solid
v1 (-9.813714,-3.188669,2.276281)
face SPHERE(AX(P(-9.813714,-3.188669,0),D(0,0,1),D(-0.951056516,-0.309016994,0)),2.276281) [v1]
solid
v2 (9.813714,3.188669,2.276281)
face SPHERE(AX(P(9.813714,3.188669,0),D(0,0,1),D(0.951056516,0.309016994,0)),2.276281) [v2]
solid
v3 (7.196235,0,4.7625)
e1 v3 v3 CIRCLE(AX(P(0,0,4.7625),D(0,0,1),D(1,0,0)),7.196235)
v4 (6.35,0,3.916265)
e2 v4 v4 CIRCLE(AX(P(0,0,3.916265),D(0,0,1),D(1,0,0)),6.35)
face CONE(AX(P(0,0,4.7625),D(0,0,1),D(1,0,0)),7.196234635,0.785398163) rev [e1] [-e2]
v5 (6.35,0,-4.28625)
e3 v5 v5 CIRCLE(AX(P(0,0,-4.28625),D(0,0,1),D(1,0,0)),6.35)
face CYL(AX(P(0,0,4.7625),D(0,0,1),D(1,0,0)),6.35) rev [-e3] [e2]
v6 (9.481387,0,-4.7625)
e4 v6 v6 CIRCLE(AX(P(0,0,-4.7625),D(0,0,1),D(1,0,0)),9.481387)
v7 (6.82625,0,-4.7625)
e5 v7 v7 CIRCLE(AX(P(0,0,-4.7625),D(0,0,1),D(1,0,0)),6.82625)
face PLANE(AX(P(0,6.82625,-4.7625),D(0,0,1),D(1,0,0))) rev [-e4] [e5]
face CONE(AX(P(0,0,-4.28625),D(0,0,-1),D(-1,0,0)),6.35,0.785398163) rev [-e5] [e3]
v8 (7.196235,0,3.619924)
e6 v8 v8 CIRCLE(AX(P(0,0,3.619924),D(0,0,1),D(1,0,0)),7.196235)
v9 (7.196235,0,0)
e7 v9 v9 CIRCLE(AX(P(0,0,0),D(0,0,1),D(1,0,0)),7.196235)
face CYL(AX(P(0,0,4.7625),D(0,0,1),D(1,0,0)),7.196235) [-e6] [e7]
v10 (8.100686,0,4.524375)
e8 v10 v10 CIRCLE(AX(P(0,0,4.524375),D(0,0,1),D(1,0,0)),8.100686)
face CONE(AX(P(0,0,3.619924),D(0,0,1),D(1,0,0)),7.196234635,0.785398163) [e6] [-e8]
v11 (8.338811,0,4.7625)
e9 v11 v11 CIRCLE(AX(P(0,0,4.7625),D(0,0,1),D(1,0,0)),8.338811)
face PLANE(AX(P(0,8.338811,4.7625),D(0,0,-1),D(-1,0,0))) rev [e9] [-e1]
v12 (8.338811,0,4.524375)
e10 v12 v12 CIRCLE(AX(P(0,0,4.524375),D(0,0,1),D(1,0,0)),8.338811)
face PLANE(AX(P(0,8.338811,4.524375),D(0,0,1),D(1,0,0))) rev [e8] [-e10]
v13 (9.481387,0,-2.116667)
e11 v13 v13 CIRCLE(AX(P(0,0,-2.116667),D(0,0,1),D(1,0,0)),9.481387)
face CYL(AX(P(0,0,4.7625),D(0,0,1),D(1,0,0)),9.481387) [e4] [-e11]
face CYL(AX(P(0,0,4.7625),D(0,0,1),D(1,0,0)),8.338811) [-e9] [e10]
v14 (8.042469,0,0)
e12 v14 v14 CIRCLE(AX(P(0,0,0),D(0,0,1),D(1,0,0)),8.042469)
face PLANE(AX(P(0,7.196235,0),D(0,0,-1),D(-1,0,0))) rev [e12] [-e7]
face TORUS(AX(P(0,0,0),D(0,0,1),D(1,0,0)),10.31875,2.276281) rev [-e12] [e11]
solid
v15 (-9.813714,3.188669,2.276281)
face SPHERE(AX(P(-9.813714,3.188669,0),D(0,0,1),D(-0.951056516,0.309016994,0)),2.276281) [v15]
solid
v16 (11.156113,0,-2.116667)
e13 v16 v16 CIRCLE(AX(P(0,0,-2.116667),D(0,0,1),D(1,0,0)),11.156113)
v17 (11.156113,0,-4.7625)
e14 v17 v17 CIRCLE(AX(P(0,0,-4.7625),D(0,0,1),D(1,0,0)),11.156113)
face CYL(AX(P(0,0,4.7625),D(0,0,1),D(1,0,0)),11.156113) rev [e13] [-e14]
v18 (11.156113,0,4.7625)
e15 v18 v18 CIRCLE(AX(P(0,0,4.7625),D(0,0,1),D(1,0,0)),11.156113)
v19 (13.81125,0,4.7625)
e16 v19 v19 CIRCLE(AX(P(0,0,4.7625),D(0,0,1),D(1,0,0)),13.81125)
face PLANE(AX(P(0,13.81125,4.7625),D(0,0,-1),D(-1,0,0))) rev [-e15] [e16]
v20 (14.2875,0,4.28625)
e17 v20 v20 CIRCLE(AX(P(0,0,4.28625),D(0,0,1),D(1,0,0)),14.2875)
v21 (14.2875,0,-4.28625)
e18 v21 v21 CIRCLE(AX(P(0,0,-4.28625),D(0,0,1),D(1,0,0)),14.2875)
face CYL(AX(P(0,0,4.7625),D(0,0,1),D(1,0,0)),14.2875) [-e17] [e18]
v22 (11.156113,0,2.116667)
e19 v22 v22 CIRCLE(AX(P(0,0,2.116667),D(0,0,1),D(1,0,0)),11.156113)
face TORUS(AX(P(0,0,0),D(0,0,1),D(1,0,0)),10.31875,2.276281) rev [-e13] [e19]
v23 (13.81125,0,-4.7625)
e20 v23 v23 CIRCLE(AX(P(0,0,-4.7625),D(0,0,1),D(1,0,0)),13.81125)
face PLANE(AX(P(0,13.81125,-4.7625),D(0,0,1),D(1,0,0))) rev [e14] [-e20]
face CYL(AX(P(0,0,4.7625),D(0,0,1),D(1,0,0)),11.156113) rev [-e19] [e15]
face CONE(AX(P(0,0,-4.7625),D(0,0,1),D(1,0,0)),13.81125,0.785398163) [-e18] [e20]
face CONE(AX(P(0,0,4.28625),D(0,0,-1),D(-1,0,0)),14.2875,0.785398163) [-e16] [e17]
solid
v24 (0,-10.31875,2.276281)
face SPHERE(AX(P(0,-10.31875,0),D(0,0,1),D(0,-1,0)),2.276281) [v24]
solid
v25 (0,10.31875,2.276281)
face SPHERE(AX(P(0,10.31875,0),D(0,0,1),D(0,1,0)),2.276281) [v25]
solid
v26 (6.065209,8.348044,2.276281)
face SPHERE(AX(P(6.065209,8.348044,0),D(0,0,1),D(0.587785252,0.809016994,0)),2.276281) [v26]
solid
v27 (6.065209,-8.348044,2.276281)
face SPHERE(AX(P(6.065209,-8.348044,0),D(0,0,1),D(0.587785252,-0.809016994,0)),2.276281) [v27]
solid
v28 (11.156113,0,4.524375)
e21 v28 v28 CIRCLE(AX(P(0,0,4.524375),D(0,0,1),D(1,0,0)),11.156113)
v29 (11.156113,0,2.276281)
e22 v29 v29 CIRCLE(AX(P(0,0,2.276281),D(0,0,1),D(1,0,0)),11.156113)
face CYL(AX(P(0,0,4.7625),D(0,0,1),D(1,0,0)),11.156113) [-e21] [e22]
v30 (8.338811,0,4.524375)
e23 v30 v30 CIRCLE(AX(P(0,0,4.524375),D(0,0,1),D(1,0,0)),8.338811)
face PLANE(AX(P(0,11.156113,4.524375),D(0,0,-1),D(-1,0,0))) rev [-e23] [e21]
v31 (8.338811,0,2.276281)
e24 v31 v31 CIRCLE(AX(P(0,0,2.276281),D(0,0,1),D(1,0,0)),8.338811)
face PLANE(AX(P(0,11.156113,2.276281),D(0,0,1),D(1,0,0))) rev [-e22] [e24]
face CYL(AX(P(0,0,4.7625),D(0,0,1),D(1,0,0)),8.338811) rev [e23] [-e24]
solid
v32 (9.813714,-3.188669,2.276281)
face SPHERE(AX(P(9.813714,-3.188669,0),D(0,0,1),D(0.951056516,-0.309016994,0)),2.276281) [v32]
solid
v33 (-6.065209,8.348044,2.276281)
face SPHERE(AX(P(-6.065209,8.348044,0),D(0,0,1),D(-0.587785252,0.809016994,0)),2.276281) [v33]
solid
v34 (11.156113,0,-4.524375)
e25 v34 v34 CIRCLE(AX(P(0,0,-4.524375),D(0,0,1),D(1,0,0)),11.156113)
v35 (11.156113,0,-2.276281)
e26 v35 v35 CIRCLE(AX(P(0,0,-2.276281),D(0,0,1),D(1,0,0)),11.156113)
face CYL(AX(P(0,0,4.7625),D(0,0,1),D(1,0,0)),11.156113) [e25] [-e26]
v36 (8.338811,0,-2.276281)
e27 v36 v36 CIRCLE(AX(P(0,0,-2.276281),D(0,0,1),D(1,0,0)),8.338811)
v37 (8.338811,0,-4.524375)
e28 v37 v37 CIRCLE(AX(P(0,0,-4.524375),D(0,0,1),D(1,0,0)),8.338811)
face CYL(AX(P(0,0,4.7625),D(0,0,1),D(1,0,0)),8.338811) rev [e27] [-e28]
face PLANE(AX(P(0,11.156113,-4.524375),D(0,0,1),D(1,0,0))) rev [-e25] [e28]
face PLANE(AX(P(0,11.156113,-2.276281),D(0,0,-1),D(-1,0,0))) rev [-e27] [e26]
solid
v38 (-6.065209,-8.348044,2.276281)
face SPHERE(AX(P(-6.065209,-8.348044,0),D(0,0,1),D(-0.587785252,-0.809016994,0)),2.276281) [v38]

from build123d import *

# Parameters (mm, degrees)
CIRPATTERN1_COUNT = 10
SKETCH5_W         = 2.248094269
SKETCH5_H         = 2.817301638


with BuildPart() as part:
    # Sketch1 → Revolve1 (revolve)
    with BuildSketch(Plane(origin=(0, 0, 0), x_dir=(0, 0, -1), z_dir=(1, 0, 0))):
        with BuildLine():
            Line((4.28625, 14.2875), (-4.28625, 14.2875))
            Line((-4.28625, 14.2875), (-4.7625, 13.81125))
            Line((-4.7625, 13.81125), (-4.7625, 11.156112637))
            Line((-4.7625, 11.156112637), (-2.116666667, 11.156112637))
            ThreePointArc((-2.116666667, 11.156112637), (0, 12.595030731), (2.116666667, 11.156112637))
            Line((2.116666667, 11.156112637), (4.7625, 11.156112637))
            Line((4.7625, 11.156112637), (4.7625, 13.81125))
            Line((4.7625, 13.81125), (4.28625, 14.2875))
        make_face()
    revolve(axis=Axis((0, 0, 4.7625), (0, 0, -1)))


with BuildPart() as body_2:
    # Sketch3 → Revolve3 (revolve)
    with BuildSketch(Plane(origin=(0, 0, 0), x_dir=(0, 0, -1), z_dir=(1, 0, 0))):
        with BuildLine():
            Line((-4.524375, 8.100685999), (-3.619923636, 7.196234635))
            Line((-3.619923636, 7.196234635), (0, 7.196234635))
            Line((0, 7.196234635), (0, 8.042469269))
            ThreePointArc((0, 8.042469269), (1.279722925, 8.436261434), (2.116666667, 9.481387363))
            Line((2.116666667, 9.481387363), (4.7625, 9.481387363))
            Line((4.7625, 9.481387363), (4.7625, 6.82625))
            Line((4.7625, 6.82625), (4.28625, 6.35))
            Line((4.28625, 6.35), (-3.916265365, 6.35))
            Line((-3.916265365, 6.35), (-4.7625, 7.196234635))
            Line((-4.7625, 7.196234635), (-4.7625, 8.338810999))
            Line((-4.7625, 8.338810999), (-4.524375, 8.338810999))
            Line((-4.524375, 8.338810999), (-4.524375, 8.100685999))
        make_face()
    revolve(axis=Axis((0, 0, 4.7625), (0, 0, -1)))


with BuildPart() as body_3:
    # Sketch4 → Revolve4 (revolve)
    with BuildSketch(Plane(origin=(0, 0, 0), x_dir=(0, 0, -1), z_dir=(1, 0, 0))):
        with BuildLine():
            Line((-2.276280731, 10.31875), (2.276280731, 10.31875))
            ThreePointArc((2.276280731, 10.31875), (0, 12.595030731), (-2.276280731, 10.31875))
        make_face()
    revolve(axis=Axis((0, 10.31875, 2.276280731), (0, 0, -1)))


with BuildPart() as cirpattern1_1:
    # CirPattern1: pattern copy
    add(body_3.part.rotate(Axis((0, 0, 0), (0, 0, 1)), 1 * 360 / CIRPATTERN1_COUNT))


with BuildPart() as cirpattern1_2:
    # CirPattern1: pattern copy
    add(body_3.part.rotate(Axis((0, 0, 0), (0, 0, 1)), 2 * 360 / CIRPATTERN1_COUNT))


with BuildPart() as cirpattern1_3:
    # CirPattern1: pattern copy
    add(body_3.part.rotate(Axis((0, 0, 0), (0, 0, 1)), 3 * 360 / CIRPATTERN1_COUNT))


with BuildPart() as cirpattern1_4:
    # CirPattern1: pattern copy
    add(body_3.part.rotate(Axis((0, 0, 0), (0, 0, 1)), 4 * 360 / CIRPATTERN1_COUNT))


with BuildPart() as cirpattern1_5:
    # CirPattern1: pattern copy
    add(body_3.part.rotate(Axis((0, 0, 0), (0, 0, 1)), 5 * 360 / CIRPATTERN1_COUNT))


with BuildPart() as cirpattern1_6:
    # CirPattern1: pattern copy
    add(body_3.part.rotate(Axis((0, 0, 0), (0, 0, 1)), 6 * 360 / CIRPATTERN1_COUNT))


with BuildPart() as cirpattern1_7:
    # CirPattern1: pattern copy
    add(body_3.part.rotate(Axis((0, 0, 0), (0, 0, 1)), 7 * 360 / CIRPATTERN1_COUNT))


with BuildPart() as cirpattern1_8:
    # CirPattern1: pattern copy
    add(body_3.part.rotate(Axis((0, 0, 0), (0, 0, 1)), 8 * 360 / CIRPATTERN1_COUNT))


with BuildPart() as cirpattern1_9:
    # CirPattern1: pattern copy
    add(body_3.part.rotate(Axis((0, 0, 0), (0, 0, 1)), 9 * 360 / CIRPATTERN1_COUNT))


with BuildPart() as body_13:
    # Sketch5 → Revolve5 (revolve)
    with BuildSketch(Plane(origin=(0, 0, 0), x_dir=(0, 0, -1), z_dir=(1, 0, 0))):
        with Locations((-3.400327865, 9.747461818)):
            Rectangle(SKETCH5_W, SKETCH5_H)
        with Locations((3.400327865, 9.747461818)):
            Rectangle(SKETCH5_W, SKETCH5_H)
    revolve(axis=Axis((0, 0, 4.7625), (0, 0, -1)))


solid = Compound([part.part, body_2.part, body_3.part, cirpattern1_1.part, cirpattern1_2.part, cirpattern1_3.part, cirpattern1_4.part, cirpattern1_5.part, cirpattern1_6.part, cirpattern1_7.part, cirpattern1_8.part, cirpattern1_9.part, body_13.part])
